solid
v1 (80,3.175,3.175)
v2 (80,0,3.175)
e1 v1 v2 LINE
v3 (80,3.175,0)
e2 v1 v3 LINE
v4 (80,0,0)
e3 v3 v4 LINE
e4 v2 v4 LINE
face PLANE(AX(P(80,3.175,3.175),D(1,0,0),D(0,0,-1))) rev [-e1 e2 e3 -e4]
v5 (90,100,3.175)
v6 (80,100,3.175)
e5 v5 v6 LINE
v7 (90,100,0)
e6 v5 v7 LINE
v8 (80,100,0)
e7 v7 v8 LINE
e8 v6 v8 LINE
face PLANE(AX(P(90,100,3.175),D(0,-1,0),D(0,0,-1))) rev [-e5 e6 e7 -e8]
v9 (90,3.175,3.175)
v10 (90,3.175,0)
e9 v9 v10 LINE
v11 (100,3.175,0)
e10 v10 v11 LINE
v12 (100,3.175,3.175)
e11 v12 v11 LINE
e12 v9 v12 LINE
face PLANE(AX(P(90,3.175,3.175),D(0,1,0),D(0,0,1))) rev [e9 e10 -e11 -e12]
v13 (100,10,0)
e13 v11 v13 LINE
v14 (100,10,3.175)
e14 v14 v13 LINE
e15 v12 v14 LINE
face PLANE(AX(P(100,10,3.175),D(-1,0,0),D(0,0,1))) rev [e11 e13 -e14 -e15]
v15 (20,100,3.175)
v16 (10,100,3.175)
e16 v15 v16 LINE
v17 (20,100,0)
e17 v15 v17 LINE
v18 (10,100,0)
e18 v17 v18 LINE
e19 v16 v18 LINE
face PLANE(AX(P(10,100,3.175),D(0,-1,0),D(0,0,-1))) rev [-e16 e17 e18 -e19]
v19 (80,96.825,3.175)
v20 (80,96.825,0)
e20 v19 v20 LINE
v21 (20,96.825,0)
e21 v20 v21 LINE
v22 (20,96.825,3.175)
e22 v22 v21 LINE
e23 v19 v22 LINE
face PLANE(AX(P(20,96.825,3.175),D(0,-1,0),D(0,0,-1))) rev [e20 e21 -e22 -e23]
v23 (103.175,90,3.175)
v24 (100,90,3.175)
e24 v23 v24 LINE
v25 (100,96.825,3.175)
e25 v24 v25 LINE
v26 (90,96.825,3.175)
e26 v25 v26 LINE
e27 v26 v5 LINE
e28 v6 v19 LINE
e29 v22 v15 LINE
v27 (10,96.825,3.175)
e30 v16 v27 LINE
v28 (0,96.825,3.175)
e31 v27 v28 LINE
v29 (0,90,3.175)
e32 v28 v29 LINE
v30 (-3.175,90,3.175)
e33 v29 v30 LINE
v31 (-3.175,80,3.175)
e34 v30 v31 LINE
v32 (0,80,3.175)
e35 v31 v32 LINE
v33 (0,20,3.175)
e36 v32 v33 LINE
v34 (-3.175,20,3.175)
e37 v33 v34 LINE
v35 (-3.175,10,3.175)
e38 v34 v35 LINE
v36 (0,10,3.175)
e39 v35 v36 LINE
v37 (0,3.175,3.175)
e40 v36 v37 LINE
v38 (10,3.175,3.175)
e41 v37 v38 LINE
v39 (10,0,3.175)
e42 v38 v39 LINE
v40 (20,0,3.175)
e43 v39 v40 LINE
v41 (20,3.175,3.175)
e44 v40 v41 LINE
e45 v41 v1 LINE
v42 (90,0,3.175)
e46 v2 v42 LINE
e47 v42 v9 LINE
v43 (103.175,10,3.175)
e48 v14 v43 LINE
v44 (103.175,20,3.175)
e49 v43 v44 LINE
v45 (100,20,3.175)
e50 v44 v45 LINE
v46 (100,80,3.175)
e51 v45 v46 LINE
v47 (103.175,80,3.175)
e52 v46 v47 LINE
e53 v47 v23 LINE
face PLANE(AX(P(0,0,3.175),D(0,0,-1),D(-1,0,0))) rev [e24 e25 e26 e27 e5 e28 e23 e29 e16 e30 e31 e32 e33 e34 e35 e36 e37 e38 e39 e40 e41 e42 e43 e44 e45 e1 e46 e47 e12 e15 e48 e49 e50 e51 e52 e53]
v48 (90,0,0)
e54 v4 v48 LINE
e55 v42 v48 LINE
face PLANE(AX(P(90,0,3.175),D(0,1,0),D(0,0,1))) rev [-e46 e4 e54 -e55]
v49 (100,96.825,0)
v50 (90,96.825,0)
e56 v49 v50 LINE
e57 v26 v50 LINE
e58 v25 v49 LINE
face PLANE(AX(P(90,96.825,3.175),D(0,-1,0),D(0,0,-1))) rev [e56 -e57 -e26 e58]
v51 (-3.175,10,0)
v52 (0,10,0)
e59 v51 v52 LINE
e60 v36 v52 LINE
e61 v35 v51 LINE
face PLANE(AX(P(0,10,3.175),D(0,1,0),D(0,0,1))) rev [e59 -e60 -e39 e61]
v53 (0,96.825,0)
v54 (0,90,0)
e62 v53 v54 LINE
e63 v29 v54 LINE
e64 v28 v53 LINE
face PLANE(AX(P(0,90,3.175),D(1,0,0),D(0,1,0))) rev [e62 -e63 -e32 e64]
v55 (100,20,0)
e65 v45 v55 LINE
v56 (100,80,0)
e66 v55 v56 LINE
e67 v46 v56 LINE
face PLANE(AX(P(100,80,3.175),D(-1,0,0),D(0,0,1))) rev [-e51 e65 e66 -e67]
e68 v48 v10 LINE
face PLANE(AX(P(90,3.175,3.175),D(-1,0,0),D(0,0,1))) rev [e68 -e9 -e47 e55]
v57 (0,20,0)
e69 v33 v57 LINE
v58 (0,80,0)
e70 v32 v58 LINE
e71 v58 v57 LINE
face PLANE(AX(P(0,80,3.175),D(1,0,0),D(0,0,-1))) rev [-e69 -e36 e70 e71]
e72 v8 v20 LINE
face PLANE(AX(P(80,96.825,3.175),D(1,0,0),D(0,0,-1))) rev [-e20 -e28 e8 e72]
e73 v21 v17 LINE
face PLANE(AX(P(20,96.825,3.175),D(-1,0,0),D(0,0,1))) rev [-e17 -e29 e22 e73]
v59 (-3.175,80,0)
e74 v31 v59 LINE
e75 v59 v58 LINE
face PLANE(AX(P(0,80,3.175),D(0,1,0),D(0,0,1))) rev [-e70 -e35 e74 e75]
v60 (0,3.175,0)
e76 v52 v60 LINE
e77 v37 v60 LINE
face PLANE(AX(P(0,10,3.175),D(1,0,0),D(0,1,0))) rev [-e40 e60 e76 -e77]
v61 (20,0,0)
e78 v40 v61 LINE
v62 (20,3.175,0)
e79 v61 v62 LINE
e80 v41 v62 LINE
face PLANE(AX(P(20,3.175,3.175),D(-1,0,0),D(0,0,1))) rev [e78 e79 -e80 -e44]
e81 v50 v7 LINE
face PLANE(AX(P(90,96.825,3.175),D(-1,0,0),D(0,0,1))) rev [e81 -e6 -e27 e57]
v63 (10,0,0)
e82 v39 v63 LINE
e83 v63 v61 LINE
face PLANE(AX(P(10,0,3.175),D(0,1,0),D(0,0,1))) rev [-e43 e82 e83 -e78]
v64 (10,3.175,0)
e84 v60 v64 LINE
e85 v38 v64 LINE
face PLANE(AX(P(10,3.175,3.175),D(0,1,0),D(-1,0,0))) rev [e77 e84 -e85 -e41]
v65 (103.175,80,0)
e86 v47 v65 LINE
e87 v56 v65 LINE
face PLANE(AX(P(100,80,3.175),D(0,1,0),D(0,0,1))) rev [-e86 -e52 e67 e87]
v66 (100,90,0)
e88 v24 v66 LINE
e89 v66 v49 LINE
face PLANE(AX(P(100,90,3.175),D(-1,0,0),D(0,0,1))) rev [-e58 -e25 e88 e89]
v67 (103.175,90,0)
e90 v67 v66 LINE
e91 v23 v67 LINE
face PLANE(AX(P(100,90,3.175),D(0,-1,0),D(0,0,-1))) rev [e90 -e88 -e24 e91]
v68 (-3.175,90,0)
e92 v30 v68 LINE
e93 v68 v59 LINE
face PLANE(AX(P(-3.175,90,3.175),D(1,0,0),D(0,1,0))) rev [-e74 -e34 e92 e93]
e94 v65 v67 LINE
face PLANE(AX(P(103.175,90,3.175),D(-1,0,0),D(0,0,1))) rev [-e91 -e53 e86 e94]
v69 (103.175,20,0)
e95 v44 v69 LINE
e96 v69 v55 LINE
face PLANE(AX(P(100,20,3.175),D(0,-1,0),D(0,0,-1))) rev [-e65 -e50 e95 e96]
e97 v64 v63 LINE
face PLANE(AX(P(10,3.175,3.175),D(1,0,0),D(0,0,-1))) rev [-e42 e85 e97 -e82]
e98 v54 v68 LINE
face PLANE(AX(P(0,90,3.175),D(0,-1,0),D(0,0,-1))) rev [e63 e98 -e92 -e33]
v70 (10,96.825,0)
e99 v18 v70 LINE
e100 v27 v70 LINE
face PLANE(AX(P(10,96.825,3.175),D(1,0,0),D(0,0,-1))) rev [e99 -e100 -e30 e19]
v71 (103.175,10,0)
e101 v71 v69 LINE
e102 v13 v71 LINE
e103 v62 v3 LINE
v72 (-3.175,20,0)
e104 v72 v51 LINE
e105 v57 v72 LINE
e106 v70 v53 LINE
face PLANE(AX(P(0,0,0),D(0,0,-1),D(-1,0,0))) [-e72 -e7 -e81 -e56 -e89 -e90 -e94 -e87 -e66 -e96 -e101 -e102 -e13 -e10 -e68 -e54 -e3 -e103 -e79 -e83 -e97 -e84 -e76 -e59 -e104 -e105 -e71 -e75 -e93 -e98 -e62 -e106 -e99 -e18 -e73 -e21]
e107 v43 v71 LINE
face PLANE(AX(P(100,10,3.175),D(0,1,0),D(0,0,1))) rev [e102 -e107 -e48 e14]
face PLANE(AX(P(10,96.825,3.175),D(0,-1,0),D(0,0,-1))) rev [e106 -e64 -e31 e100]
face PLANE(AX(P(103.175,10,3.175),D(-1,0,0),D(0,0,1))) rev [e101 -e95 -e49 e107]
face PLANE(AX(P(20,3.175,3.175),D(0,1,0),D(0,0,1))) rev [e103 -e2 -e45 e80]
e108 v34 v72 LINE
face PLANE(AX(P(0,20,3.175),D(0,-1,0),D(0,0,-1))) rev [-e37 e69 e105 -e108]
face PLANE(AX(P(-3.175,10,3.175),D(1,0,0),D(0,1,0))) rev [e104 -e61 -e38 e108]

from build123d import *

# Parameters (mm, degrees)
BOSS_EXTRUDE1_DEPTH = 3.175


with BuildPart() as part:
    # Sketch1 → Boss-Extrude1 (new body)
    with BuildSketch(Plane.XY):
        Polygon((10, 3.175), (0, 3.175), (0, 10), (-3.175, 10), (-3.175, 20), (0, 20), (0, 80), (-3.175, 80), (-3.175, 90), (0, 90), (0, 96.825), (10, 96.825), (10, 100), (20, 100), (20, 96.825), (80, 96.825), (80, 100), (90, 100), (90, 96.825), (100, 96.825), (100, 90), (103.175, 90), (103.175, 80), (100, 80), (100, 20), (103.175, 20), (103.175, 10), (100, 10), (100, 3.175), (90, 3.175), (90, 0), (80, 0), (80, 3.175), (20, 3.175), (20, 0), (10, 0), align=None)
    extrude(amount=BOSS_EXTRUDE1_DEPTH)


solid = part.part
